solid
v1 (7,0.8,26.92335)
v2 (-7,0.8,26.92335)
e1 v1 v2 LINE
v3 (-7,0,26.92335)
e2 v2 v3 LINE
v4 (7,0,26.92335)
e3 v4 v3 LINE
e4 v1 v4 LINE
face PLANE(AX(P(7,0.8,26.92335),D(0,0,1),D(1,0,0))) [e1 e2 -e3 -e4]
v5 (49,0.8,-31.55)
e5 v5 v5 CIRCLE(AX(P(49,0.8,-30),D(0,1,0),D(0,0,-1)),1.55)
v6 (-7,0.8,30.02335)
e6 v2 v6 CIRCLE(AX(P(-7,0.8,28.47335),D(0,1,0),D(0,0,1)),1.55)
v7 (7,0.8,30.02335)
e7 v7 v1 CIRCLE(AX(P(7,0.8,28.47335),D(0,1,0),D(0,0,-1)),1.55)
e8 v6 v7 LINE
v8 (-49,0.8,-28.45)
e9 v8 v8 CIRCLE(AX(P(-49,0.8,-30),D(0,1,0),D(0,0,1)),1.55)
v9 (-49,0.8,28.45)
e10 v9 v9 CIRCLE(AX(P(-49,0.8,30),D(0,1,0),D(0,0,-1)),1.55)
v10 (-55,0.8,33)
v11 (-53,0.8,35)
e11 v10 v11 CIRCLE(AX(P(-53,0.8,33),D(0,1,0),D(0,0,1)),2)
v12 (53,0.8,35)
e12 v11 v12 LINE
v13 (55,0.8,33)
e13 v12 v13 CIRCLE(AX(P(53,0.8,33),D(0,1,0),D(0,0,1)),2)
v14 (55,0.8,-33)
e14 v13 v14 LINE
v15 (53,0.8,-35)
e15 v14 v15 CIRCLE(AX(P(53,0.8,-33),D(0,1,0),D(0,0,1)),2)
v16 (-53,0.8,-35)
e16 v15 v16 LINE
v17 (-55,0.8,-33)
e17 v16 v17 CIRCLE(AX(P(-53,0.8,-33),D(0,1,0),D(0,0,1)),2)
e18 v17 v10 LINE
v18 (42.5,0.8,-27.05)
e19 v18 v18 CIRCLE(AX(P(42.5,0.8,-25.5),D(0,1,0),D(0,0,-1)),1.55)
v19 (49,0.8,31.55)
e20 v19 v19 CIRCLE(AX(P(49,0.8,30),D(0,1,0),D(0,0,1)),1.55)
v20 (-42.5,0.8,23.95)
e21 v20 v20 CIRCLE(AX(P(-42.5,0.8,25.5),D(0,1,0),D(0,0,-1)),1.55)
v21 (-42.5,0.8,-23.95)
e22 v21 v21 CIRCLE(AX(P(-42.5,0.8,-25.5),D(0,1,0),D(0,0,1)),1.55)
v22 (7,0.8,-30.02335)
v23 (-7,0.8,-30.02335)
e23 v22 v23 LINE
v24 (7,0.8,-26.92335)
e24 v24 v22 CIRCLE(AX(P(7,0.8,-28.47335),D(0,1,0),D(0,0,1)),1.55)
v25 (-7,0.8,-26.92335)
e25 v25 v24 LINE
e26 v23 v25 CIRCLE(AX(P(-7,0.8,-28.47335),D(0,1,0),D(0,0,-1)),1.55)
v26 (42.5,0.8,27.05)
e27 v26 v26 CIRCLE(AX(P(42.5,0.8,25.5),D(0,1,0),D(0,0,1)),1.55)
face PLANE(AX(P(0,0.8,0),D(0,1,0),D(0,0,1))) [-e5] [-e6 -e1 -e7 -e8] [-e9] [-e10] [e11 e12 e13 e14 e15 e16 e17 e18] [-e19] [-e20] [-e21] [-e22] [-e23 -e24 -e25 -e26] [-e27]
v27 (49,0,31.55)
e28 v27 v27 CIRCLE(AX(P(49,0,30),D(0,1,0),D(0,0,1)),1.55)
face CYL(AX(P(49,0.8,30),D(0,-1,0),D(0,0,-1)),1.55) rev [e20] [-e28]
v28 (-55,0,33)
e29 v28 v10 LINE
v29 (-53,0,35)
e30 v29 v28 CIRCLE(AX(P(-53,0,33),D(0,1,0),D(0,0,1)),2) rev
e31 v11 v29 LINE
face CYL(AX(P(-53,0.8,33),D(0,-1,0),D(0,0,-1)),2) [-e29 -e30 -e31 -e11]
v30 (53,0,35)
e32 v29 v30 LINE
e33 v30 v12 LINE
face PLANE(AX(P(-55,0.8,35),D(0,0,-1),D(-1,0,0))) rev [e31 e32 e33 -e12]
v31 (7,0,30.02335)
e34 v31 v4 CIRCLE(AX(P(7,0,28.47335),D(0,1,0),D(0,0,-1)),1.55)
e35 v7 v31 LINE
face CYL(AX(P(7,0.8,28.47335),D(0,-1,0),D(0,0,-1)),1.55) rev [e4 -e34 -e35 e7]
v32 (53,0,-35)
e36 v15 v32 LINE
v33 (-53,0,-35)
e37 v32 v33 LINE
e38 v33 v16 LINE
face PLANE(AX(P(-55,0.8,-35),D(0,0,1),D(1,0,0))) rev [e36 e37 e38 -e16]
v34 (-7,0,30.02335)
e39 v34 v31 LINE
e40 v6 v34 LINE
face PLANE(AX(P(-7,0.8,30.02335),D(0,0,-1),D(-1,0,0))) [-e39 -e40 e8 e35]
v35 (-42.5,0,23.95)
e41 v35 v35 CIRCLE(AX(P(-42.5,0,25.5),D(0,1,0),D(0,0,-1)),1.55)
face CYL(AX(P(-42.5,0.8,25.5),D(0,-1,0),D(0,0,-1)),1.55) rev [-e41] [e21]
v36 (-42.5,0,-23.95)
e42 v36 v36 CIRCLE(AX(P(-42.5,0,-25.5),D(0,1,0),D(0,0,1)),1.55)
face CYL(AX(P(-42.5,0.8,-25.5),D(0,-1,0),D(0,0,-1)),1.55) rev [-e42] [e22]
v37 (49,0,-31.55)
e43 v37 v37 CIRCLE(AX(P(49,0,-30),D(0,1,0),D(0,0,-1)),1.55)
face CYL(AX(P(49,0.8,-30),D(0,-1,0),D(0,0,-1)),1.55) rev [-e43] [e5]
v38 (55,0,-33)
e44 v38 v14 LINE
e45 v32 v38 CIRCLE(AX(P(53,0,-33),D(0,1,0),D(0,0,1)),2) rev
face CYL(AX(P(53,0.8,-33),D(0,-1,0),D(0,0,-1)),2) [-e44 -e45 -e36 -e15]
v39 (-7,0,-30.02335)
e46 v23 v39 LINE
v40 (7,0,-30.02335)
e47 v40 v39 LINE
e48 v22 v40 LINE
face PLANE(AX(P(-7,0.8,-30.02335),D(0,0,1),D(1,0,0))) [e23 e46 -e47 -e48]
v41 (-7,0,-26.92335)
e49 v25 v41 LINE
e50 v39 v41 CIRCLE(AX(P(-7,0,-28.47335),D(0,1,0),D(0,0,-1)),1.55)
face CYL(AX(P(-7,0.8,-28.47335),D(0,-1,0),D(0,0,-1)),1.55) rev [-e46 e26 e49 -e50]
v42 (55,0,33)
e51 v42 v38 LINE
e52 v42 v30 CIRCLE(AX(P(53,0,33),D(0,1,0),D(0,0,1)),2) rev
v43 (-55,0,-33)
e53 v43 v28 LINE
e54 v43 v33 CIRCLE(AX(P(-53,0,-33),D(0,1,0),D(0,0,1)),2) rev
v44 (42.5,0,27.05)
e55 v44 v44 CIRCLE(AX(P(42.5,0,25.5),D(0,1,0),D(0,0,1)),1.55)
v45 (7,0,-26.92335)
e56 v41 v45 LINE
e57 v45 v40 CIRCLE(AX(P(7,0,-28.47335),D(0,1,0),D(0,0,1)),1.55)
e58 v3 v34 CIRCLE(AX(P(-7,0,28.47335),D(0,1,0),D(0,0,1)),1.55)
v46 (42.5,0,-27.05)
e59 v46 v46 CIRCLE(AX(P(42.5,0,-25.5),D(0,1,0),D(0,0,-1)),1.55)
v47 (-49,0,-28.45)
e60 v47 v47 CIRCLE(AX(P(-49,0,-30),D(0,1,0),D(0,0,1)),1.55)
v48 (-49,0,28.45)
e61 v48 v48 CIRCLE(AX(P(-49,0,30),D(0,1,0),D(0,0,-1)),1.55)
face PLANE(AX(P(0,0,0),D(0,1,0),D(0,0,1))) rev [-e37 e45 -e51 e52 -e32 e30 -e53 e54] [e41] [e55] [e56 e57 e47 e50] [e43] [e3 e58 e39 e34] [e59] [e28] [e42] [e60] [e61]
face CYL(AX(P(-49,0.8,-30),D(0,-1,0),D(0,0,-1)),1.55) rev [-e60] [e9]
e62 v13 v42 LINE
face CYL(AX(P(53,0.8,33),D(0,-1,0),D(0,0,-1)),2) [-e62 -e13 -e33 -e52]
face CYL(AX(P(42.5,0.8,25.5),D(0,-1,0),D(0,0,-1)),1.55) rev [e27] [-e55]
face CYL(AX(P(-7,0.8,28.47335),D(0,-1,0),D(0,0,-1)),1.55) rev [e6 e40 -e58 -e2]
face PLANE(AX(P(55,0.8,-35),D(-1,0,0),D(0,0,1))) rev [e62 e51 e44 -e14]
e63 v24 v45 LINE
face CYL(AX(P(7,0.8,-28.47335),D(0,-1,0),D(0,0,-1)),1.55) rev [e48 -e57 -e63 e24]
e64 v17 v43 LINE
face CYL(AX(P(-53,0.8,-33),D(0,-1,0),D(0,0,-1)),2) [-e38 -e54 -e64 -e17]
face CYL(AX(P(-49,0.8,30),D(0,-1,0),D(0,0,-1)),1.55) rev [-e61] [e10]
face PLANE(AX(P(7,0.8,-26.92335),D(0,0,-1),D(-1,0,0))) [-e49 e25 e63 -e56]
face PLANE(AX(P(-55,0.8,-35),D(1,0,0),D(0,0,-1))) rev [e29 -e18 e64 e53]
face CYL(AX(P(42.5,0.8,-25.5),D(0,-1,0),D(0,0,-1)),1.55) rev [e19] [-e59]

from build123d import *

# Parameters (mm, degrees)
SKETCH_1_W      = 110
SKETCH_1_H      = 70
SKETCH_1_R      = 1.55
EXTRUDE_1_DEPTH = 0.8
FILLET_1_R      = 2
FILLET_2_R      = 2
FILLET_3_R      = 2
FILLET_4_R      = 2


with BuildPart() as part:
    # 草图1 → 凸台-拉伸1 (new body)
    with BuildSketch(Plane(origin=(0, 0, 0), x_dir=(1, 0, 0), z_dir=(0, 1, 0))):
        Rectangle(SKETCH_1_W, SKETCH_1_H)
        with Locations(Location((-49, 30, 0), (0, 0, 270))):
            Circle(SKETCH_1_R, mode=Mode.SUBTRACT)
        with Locations(Location((49, 30, 0), (0, 0, 90))):
            Circle(SKETCH_1_R, mode=Mode.SUBTRACT)
        with Locations(Location((49, -30, 0), (0, 0, 270))):
            Circle(SKETCH_1_R, mode=Mode.SUBTRACT)
        with Locations(Location((-49, -30, 0), (0, 0, 90))):
            Circle(SKETCH_1_R, mode=Mode.SUBTRACT)
        with Locations(Location((-42.5, 25.5, 0), (0, 0, 270))):
            Circle(SKETCH_1_R, mode=Mode.SUBTRACT)
        with Locations(Location((42.5, 25.5, 0), (0, 0, 90))):
            Circle(SKETCH_1_R, mode=Mode.SUBTRACT)
        with Locations(Location((42.5, -25.5, 0), (0, 0, 270))):
            Circle(SKETCH_1_R, mode=Mode.SUBTRACT)
        with Locations(Location((-42.5, -25.5, 0), (0, 0, 90))):
            Circle(SKETCH_1_R, mode=Mode.SUBTRACT)
        with BuildLine():
            Line((-7, 30.023350274), (7, 30.023350274))
            ThreePointArc((7, 30.023350274), (8.55, 28.473350274), (7, 26.923350274))
            Line((7, 26.923350274), (-7, 26.923350274))
            ThreePointArc((-7, 26.923350274), (-8.55, 28.473350274), (-7, 30.023350274))
        make_face(mode=Mode.SUBTRACT)
        with BuildLine():
            Line((7, -26.923350274), (-7, -26.923350274))
            ThreePointArc((-7, -26.923350274), (-8.55, -28.473350274), (-7, -30.023350274))
            Line((-7, -30.023350274), (7, -30.023350274))
            ThreePointArc((7, -30.023350274), (8.55, -28.473350274), (7, -26.923350274))
        make_face(mode=Mode.SUBTRACT)
    extrude(amount=EXTRUDE_1_DEPTH)

    # 圆角1
    fillet_1_edges = [part.edges().sort_by_distance(p)[0] for p in [
        (55, 0.4, -35),
    ]]
    fillet(fillet_1_edges, radius=FILLET_1_R)

    # 圆角2
    fillet_2_edges = [part.edges().sort_by_distance(p)[0] for p in [
        (-55, 0.4, -35),
    ]]
    fillet(fillet_2_edges, radius=FILLET_2_R)

    # 圆角3
    fillet_3_edges = [part.edges().sort_by_distance(p)[0] for p in [
        (-55, 0.4, 35),
    ]]
    fillet(fillet_3_edges, radius=FILLET_3_R)

    # 圆角4
    fillet_4_edges = [part.edges().sort_by_distance(p)[0] for p in [
        (55, 0.4, 35),
    ]]
    fillet(fillet_4_edges, radius=FILLET_4_R)


solid = part.part
